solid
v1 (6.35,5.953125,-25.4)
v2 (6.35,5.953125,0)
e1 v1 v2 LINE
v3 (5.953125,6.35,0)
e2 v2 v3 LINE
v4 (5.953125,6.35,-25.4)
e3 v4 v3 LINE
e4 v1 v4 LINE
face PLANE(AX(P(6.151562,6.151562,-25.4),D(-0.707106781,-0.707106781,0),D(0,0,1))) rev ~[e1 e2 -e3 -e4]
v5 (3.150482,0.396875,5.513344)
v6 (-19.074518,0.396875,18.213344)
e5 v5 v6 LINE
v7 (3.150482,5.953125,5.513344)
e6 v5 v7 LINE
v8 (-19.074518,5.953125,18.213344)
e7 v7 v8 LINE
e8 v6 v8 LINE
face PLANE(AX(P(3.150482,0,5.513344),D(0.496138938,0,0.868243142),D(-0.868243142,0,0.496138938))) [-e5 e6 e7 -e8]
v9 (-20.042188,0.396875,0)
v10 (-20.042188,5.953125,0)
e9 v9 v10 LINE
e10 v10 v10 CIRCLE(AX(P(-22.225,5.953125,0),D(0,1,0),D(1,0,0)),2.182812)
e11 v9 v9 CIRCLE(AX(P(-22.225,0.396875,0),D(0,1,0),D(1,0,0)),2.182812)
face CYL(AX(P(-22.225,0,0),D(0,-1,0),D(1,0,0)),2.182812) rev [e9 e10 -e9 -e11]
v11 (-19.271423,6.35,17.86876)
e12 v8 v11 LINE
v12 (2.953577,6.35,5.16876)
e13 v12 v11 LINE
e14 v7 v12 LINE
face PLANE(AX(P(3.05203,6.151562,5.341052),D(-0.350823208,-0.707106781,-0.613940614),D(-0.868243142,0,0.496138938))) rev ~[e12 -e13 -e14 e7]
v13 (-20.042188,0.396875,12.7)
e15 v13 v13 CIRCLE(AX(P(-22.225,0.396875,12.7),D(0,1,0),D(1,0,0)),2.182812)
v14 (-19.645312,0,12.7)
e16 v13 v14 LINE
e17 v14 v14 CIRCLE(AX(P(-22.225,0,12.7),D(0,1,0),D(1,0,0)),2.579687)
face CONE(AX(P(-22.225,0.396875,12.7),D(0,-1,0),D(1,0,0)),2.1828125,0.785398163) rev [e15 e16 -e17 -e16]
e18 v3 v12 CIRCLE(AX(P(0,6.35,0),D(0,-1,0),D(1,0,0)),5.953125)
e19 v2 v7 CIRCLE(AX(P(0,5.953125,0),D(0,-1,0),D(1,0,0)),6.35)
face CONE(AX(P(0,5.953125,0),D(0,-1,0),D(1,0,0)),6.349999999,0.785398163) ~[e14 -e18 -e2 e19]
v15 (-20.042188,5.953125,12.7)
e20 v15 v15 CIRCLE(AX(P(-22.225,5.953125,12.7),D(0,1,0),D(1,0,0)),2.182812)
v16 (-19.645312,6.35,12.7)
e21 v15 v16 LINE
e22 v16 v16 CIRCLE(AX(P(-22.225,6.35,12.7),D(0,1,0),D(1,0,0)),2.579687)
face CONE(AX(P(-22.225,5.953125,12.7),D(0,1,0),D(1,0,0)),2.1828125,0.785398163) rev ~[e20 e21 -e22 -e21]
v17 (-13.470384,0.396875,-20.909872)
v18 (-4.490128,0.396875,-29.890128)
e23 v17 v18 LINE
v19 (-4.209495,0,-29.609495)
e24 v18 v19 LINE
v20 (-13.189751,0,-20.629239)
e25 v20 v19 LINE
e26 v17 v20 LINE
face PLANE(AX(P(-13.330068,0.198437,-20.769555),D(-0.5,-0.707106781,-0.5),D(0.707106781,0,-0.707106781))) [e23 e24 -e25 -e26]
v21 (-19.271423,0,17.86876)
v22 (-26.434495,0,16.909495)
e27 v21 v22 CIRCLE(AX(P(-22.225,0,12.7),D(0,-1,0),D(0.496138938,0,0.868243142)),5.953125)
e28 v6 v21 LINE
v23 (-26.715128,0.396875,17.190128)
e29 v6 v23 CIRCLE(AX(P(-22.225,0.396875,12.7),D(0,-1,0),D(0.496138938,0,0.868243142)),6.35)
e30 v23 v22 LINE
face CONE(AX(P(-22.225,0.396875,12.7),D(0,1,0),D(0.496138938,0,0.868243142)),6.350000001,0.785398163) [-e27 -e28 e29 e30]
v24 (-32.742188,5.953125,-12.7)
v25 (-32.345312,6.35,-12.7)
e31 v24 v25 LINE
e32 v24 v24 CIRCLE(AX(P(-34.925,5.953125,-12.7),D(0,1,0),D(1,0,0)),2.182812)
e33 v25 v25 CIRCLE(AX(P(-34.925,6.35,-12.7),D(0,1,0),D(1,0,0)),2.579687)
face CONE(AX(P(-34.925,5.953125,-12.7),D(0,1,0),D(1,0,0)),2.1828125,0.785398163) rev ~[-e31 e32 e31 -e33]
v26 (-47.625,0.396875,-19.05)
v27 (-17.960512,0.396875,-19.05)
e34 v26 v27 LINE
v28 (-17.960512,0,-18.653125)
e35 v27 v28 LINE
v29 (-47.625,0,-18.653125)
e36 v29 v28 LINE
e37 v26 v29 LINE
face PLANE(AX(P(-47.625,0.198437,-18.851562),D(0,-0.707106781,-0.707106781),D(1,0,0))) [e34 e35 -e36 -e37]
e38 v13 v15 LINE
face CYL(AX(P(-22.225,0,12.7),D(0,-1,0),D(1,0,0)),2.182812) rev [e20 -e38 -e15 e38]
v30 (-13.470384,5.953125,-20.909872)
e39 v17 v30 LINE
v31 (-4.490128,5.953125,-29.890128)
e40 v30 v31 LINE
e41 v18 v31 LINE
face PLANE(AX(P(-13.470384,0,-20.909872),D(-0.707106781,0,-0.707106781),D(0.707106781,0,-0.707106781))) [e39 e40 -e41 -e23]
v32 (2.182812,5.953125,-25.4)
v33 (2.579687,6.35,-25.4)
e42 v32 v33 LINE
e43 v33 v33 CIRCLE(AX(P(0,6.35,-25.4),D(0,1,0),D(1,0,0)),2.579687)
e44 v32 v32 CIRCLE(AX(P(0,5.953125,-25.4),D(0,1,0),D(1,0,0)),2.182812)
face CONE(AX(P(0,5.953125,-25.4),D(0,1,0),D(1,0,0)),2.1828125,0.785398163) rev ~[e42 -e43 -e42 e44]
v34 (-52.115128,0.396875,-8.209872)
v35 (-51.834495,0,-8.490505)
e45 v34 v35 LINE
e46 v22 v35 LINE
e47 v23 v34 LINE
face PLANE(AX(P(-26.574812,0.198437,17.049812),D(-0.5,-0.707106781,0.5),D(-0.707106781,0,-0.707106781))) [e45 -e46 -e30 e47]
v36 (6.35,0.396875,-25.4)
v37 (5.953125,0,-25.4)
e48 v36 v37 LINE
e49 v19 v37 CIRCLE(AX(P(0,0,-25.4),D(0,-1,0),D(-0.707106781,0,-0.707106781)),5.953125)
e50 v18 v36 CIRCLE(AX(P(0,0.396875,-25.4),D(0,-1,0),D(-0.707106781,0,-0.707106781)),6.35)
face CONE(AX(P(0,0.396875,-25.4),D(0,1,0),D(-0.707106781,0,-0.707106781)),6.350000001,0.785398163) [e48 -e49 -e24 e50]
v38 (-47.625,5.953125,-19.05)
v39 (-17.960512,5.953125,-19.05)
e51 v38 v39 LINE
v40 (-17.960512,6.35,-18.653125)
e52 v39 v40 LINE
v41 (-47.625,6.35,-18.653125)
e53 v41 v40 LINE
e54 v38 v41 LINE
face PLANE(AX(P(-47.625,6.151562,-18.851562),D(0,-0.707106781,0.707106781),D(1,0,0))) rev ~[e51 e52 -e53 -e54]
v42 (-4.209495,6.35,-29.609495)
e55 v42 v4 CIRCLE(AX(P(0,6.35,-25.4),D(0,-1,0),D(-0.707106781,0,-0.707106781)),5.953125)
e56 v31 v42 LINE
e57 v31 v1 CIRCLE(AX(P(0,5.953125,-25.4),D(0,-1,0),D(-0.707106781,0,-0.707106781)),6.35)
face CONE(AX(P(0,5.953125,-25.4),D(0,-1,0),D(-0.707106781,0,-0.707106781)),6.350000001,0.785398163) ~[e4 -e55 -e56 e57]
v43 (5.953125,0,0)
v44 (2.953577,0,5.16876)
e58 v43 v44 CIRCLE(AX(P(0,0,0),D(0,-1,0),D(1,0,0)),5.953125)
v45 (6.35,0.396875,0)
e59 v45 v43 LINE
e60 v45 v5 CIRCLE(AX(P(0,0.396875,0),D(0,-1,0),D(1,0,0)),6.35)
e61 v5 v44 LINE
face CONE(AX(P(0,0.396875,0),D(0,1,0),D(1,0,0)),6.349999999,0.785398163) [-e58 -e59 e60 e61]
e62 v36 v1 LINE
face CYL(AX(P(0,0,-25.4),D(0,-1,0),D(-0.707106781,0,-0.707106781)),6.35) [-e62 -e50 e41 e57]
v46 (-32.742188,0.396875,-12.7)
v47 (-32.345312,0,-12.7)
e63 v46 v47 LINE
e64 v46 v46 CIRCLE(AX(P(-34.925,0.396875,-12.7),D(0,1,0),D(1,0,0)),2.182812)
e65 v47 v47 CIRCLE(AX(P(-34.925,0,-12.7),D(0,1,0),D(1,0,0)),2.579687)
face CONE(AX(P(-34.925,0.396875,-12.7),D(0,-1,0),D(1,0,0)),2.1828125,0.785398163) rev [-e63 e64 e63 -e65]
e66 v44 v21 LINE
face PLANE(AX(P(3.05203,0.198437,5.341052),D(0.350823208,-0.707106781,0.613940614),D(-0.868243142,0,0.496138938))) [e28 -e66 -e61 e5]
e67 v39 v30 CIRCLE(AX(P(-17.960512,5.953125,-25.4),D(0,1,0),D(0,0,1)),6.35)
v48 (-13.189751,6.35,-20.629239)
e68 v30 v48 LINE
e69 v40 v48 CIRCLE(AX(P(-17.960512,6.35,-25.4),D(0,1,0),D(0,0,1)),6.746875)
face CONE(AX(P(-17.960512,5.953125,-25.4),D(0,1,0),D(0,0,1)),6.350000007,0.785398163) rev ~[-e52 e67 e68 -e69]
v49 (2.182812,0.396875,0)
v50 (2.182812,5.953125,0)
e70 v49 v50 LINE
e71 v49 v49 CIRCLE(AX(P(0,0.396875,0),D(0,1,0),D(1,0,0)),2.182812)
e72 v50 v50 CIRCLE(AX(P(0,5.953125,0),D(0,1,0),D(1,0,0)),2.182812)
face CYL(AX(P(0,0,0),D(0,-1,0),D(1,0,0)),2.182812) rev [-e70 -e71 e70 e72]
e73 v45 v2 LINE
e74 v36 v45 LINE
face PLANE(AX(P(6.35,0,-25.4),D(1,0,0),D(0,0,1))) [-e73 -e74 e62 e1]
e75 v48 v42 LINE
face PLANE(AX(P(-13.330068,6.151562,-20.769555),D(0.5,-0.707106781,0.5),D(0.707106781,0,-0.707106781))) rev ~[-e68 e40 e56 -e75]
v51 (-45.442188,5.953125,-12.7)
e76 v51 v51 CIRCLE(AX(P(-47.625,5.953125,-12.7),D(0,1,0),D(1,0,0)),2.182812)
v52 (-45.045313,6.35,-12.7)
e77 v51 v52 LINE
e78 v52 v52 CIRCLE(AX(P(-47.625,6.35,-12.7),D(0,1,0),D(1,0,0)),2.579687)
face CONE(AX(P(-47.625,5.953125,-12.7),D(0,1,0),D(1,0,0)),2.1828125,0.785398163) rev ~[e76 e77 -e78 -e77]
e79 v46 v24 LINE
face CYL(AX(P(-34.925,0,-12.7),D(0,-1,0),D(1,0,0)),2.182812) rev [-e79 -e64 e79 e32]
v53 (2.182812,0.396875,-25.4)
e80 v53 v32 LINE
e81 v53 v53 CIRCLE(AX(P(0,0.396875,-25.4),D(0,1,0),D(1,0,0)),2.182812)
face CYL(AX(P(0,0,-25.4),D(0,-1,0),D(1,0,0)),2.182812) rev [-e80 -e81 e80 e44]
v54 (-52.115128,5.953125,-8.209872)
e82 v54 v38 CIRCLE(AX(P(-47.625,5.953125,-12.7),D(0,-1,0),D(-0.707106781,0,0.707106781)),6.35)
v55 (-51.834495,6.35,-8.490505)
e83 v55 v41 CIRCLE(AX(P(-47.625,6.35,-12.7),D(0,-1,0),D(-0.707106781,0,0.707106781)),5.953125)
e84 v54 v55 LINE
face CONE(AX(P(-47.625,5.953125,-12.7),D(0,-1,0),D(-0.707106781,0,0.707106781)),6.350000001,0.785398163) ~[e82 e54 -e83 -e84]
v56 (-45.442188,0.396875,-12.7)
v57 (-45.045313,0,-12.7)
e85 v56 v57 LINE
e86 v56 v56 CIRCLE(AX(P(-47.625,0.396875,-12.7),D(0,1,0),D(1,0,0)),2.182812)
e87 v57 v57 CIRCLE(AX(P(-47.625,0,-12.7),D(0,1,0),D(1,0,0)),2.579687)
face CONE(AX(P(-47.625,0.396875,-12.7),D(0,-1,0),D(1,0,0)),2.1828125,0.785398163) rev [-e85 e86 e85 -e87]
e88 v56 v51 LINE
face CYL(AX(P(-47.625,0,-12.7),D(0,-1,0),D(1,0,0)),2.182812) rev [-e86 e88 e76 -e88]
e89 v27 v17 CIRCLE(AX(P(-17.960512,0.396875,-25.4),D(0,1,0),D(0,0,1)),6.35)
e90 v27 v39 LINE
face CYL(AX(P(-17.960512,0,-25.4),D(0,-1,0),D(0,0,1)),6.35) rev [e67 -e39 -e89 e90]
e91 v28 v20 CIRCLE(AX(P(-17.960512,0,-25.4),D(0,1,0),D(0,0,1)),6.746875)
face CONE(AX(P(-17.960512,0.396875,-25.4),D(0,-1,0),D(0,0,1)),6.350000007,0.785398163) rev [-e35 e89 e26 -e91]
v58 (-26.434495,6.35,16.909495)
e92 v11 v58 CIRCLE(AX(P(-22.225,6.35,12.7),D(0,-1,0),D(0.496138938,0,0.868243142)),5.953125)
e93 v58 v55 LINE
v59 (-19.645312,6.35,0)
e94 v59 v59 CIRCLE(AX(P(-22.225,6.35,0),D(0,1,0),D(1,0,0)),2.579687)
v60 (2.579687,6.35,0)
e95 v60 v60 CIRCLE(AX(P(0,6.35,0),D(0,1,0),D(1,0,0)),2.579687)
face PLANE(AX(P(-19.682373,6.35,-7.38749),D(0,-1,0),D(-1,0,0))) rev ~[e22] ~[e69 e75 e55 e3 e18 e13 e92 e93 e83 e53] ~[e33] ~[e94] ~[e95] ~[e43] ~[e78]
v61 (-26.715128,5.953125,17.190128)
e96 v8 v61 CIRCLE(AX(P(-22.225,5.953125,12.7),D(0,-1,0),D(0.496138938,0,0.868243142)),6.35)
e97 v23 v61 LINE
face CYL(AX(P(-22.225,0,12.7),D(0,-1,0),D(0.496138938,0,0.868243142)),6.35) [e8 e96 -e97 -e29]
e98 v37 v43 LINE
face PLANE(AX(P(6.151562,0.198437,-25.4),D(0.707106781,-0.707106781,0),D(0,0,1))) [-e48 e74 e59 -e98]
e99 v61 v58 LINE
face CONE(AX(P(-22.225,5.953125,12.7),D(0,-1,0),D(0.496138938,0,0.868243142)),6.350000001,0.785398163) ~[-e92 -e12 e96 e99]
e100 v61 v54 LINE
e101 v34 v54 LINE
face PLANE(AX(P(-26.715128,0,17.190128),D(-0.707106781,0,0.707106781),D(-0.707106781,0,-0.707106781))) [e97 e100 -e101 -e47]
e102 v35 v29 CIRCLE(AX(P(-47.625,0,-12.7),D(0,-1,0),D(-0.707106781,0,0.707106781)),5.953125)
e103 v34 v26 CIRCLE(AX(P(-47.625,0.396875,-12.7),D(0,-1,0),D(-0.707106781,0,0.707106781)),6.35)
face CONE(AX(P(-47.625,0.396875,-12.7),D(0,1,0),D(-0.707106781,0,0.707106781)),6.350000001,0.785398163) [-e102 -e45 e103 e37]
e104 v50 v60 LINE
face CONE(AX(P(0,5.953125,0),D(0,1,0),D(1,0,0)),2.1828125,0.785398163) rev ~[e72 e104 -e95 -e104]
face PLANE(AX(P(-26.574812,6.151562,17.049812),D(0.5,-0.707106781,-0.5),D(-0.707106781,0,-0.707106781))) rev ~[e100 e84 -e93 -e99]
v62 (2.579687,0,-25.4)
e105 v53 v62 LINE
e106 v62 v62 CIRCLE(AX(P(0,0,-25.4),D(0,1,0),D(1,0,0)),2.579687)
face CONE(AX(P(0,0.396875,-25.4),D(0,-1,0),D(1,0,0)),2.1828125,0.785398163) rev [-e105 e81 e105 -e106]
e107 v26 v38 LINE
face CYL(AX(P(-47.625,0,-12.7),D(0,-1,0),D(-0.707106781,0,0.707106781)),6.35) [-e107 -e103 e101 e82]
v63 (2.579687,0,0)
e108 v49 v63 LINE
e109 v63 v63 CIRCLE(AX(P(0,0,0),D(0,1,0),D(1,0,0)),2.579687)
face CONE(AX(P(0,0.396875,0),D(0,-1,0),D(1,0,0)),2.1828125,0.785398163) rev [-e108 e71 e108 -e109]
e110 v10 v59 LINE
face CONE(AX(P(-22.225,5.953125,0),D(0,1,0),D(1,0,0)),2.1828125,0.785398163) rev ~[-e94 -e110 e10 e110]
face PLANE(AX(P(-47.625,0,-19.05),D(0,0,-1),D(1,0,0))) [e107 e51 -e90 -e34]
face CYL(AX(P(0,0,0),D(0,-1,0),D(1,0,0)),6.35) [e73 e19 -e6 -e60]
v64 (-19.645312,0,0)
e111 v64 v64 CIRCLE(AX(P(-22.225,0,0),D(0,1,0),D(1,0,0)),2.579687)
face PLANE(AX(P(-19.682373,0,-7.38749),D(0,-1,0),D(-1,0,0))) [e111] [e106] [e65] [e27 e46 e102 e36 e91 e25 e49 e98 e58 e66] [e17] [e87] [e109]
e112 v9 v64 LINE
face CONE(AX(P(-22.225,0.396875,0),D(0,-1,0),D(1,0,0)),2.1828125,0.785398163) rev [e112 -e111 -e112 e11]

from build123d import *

# Parameters (mm, degrees)
SKETCH1_R           = 2.1828125
BOSS_EXTRUDE1_DEPTH = 6.35
CHAMFER1_SIZE       = 0.396875


with BuildPart() as part:
    # Sketch1 → Boss-Extrude1 (new body)
    with BuildSketch(Plane(origin=(0, 0, 0), x_dir=(1, 0, 0), z_dir=(0, 1, 0))):
        with BuildLine():
            Line((6.35, 25.4), (6.35, 0))
            ThreePointArc((6.35, 0), (5.492179091, -3.187235296), (3.150482259, -5.513343952))
            Line((3.150482259, -5.513343952), (-19.074517741, -18.213343952))
            ThreePointArc((-19.074517741, -18.213343952), (-23.067855509, -18.993813994), (-26.715128061, -17.190128061))
            Line((-26.715128061, -17.190128061), (-52.115128061, 8.209871939))
            ThreePointArc((-52.115128061, 8.209871939), (-53.491635031, 15.130039796), (-47.625, 19.05))
            Line((-47.625, 19.05), (-17.960512242, 19.05))
            ThreePointArc((-17.960512242, 19.05), (-15.530472447, 19.533364969), (-13.470384182, 20.909871939))
            Line((-13.470384182, 20.909871939), (-4.490128061, 29.890128061))
            ThreePointArc((-4.490128061, 29.890128061), (2.430039796, 31.266635031), (6.35, 25.4))
        make_face()
        Circle(SKETCH1_R, mode=Mode.SUBTRACT)
        with Locations((0, 25.4)):
            Circle(SKETCH1_R, mode=Mode.SUBTRACT)
        with Locations((-22.225, 0)):
            Circle(SKETCH1_R, mode=Mode.SUBTRACT)
        with Locations((-22.225, -12.7)):
            Circle(SKETCH1_R, mode=Mode.SUBTRACT)
        with Locations((-34.925, 12.7)):
            Circle(SKETCH1_R, mode=Mode.SUBTRACT)
        with Locations((-47.625, 12.7)):
            Circle(SKETCH1_R, mode=Mode.SUBTRACT)
    extrude(amount=BOSS_EXTRUDE1_DEPTH)

    # Chamfer1
    chamfer1_edges = [part.edges().sort_by_distance(p)[0] for p in [
        (-32.792756121, 0, -19.05),
        (-15.530472447, 0, -19.533364969),
        (-8.980256121, 0, -25.4),
        (2.430039796, 0, -31.266635031),
        (6.35, 0, -12.7),
        (5.492179091, 0, 3.187235296),
        (-7.962017741, 0, 11.863343952),
        (-23.067855509, 6.35, 18.993813994),
        (-23.067855509, 0, 18.993813994),
        (-39.415128061, 0, 4.490128061),
        (-53.491635031, 0, -15.130039796),
        (-7.962017741, 6.35, 11.863343952),
        (5.492179091, 6.35, 3.187235296),
        (6.35, 6.35, -12.7),
        (-2.1828125, 0, 0),
        (-2.1828125, 6.35, 0),
        (2.430039796, 6.35, -31.266635031),
        (-2.1828125, 0, -25.4),
        (-2.1828125, 6.35, -25.4),
        (-8.980256121, 6.35, -25.4),
        (-24.4078125, 0, 0),
        (-24.4078125, 6.35, 0),
        (-15.530472447, 6.35, -19.533364969),
        (-24.4078125, 0, 12.7),
        (-24.4078125, 6.35, 12.7),
        (-32.792756121, 6.35, -19.05),
        (-37.1078125, 0, -12.7),
        (-37.1078125, 6.35, -12.7),
        (-49.8078125, 0, -12.7),
        (-49.8078125, 6.35, -12.7),
        (-53.491635031, 6.35, -15.130039796),
        (-39.415128061, 6.35, 4.490128061),
    ]]
    chamfer(chamfer1_edges, length=CHAMFER1_SIZE)


solid = part.part
